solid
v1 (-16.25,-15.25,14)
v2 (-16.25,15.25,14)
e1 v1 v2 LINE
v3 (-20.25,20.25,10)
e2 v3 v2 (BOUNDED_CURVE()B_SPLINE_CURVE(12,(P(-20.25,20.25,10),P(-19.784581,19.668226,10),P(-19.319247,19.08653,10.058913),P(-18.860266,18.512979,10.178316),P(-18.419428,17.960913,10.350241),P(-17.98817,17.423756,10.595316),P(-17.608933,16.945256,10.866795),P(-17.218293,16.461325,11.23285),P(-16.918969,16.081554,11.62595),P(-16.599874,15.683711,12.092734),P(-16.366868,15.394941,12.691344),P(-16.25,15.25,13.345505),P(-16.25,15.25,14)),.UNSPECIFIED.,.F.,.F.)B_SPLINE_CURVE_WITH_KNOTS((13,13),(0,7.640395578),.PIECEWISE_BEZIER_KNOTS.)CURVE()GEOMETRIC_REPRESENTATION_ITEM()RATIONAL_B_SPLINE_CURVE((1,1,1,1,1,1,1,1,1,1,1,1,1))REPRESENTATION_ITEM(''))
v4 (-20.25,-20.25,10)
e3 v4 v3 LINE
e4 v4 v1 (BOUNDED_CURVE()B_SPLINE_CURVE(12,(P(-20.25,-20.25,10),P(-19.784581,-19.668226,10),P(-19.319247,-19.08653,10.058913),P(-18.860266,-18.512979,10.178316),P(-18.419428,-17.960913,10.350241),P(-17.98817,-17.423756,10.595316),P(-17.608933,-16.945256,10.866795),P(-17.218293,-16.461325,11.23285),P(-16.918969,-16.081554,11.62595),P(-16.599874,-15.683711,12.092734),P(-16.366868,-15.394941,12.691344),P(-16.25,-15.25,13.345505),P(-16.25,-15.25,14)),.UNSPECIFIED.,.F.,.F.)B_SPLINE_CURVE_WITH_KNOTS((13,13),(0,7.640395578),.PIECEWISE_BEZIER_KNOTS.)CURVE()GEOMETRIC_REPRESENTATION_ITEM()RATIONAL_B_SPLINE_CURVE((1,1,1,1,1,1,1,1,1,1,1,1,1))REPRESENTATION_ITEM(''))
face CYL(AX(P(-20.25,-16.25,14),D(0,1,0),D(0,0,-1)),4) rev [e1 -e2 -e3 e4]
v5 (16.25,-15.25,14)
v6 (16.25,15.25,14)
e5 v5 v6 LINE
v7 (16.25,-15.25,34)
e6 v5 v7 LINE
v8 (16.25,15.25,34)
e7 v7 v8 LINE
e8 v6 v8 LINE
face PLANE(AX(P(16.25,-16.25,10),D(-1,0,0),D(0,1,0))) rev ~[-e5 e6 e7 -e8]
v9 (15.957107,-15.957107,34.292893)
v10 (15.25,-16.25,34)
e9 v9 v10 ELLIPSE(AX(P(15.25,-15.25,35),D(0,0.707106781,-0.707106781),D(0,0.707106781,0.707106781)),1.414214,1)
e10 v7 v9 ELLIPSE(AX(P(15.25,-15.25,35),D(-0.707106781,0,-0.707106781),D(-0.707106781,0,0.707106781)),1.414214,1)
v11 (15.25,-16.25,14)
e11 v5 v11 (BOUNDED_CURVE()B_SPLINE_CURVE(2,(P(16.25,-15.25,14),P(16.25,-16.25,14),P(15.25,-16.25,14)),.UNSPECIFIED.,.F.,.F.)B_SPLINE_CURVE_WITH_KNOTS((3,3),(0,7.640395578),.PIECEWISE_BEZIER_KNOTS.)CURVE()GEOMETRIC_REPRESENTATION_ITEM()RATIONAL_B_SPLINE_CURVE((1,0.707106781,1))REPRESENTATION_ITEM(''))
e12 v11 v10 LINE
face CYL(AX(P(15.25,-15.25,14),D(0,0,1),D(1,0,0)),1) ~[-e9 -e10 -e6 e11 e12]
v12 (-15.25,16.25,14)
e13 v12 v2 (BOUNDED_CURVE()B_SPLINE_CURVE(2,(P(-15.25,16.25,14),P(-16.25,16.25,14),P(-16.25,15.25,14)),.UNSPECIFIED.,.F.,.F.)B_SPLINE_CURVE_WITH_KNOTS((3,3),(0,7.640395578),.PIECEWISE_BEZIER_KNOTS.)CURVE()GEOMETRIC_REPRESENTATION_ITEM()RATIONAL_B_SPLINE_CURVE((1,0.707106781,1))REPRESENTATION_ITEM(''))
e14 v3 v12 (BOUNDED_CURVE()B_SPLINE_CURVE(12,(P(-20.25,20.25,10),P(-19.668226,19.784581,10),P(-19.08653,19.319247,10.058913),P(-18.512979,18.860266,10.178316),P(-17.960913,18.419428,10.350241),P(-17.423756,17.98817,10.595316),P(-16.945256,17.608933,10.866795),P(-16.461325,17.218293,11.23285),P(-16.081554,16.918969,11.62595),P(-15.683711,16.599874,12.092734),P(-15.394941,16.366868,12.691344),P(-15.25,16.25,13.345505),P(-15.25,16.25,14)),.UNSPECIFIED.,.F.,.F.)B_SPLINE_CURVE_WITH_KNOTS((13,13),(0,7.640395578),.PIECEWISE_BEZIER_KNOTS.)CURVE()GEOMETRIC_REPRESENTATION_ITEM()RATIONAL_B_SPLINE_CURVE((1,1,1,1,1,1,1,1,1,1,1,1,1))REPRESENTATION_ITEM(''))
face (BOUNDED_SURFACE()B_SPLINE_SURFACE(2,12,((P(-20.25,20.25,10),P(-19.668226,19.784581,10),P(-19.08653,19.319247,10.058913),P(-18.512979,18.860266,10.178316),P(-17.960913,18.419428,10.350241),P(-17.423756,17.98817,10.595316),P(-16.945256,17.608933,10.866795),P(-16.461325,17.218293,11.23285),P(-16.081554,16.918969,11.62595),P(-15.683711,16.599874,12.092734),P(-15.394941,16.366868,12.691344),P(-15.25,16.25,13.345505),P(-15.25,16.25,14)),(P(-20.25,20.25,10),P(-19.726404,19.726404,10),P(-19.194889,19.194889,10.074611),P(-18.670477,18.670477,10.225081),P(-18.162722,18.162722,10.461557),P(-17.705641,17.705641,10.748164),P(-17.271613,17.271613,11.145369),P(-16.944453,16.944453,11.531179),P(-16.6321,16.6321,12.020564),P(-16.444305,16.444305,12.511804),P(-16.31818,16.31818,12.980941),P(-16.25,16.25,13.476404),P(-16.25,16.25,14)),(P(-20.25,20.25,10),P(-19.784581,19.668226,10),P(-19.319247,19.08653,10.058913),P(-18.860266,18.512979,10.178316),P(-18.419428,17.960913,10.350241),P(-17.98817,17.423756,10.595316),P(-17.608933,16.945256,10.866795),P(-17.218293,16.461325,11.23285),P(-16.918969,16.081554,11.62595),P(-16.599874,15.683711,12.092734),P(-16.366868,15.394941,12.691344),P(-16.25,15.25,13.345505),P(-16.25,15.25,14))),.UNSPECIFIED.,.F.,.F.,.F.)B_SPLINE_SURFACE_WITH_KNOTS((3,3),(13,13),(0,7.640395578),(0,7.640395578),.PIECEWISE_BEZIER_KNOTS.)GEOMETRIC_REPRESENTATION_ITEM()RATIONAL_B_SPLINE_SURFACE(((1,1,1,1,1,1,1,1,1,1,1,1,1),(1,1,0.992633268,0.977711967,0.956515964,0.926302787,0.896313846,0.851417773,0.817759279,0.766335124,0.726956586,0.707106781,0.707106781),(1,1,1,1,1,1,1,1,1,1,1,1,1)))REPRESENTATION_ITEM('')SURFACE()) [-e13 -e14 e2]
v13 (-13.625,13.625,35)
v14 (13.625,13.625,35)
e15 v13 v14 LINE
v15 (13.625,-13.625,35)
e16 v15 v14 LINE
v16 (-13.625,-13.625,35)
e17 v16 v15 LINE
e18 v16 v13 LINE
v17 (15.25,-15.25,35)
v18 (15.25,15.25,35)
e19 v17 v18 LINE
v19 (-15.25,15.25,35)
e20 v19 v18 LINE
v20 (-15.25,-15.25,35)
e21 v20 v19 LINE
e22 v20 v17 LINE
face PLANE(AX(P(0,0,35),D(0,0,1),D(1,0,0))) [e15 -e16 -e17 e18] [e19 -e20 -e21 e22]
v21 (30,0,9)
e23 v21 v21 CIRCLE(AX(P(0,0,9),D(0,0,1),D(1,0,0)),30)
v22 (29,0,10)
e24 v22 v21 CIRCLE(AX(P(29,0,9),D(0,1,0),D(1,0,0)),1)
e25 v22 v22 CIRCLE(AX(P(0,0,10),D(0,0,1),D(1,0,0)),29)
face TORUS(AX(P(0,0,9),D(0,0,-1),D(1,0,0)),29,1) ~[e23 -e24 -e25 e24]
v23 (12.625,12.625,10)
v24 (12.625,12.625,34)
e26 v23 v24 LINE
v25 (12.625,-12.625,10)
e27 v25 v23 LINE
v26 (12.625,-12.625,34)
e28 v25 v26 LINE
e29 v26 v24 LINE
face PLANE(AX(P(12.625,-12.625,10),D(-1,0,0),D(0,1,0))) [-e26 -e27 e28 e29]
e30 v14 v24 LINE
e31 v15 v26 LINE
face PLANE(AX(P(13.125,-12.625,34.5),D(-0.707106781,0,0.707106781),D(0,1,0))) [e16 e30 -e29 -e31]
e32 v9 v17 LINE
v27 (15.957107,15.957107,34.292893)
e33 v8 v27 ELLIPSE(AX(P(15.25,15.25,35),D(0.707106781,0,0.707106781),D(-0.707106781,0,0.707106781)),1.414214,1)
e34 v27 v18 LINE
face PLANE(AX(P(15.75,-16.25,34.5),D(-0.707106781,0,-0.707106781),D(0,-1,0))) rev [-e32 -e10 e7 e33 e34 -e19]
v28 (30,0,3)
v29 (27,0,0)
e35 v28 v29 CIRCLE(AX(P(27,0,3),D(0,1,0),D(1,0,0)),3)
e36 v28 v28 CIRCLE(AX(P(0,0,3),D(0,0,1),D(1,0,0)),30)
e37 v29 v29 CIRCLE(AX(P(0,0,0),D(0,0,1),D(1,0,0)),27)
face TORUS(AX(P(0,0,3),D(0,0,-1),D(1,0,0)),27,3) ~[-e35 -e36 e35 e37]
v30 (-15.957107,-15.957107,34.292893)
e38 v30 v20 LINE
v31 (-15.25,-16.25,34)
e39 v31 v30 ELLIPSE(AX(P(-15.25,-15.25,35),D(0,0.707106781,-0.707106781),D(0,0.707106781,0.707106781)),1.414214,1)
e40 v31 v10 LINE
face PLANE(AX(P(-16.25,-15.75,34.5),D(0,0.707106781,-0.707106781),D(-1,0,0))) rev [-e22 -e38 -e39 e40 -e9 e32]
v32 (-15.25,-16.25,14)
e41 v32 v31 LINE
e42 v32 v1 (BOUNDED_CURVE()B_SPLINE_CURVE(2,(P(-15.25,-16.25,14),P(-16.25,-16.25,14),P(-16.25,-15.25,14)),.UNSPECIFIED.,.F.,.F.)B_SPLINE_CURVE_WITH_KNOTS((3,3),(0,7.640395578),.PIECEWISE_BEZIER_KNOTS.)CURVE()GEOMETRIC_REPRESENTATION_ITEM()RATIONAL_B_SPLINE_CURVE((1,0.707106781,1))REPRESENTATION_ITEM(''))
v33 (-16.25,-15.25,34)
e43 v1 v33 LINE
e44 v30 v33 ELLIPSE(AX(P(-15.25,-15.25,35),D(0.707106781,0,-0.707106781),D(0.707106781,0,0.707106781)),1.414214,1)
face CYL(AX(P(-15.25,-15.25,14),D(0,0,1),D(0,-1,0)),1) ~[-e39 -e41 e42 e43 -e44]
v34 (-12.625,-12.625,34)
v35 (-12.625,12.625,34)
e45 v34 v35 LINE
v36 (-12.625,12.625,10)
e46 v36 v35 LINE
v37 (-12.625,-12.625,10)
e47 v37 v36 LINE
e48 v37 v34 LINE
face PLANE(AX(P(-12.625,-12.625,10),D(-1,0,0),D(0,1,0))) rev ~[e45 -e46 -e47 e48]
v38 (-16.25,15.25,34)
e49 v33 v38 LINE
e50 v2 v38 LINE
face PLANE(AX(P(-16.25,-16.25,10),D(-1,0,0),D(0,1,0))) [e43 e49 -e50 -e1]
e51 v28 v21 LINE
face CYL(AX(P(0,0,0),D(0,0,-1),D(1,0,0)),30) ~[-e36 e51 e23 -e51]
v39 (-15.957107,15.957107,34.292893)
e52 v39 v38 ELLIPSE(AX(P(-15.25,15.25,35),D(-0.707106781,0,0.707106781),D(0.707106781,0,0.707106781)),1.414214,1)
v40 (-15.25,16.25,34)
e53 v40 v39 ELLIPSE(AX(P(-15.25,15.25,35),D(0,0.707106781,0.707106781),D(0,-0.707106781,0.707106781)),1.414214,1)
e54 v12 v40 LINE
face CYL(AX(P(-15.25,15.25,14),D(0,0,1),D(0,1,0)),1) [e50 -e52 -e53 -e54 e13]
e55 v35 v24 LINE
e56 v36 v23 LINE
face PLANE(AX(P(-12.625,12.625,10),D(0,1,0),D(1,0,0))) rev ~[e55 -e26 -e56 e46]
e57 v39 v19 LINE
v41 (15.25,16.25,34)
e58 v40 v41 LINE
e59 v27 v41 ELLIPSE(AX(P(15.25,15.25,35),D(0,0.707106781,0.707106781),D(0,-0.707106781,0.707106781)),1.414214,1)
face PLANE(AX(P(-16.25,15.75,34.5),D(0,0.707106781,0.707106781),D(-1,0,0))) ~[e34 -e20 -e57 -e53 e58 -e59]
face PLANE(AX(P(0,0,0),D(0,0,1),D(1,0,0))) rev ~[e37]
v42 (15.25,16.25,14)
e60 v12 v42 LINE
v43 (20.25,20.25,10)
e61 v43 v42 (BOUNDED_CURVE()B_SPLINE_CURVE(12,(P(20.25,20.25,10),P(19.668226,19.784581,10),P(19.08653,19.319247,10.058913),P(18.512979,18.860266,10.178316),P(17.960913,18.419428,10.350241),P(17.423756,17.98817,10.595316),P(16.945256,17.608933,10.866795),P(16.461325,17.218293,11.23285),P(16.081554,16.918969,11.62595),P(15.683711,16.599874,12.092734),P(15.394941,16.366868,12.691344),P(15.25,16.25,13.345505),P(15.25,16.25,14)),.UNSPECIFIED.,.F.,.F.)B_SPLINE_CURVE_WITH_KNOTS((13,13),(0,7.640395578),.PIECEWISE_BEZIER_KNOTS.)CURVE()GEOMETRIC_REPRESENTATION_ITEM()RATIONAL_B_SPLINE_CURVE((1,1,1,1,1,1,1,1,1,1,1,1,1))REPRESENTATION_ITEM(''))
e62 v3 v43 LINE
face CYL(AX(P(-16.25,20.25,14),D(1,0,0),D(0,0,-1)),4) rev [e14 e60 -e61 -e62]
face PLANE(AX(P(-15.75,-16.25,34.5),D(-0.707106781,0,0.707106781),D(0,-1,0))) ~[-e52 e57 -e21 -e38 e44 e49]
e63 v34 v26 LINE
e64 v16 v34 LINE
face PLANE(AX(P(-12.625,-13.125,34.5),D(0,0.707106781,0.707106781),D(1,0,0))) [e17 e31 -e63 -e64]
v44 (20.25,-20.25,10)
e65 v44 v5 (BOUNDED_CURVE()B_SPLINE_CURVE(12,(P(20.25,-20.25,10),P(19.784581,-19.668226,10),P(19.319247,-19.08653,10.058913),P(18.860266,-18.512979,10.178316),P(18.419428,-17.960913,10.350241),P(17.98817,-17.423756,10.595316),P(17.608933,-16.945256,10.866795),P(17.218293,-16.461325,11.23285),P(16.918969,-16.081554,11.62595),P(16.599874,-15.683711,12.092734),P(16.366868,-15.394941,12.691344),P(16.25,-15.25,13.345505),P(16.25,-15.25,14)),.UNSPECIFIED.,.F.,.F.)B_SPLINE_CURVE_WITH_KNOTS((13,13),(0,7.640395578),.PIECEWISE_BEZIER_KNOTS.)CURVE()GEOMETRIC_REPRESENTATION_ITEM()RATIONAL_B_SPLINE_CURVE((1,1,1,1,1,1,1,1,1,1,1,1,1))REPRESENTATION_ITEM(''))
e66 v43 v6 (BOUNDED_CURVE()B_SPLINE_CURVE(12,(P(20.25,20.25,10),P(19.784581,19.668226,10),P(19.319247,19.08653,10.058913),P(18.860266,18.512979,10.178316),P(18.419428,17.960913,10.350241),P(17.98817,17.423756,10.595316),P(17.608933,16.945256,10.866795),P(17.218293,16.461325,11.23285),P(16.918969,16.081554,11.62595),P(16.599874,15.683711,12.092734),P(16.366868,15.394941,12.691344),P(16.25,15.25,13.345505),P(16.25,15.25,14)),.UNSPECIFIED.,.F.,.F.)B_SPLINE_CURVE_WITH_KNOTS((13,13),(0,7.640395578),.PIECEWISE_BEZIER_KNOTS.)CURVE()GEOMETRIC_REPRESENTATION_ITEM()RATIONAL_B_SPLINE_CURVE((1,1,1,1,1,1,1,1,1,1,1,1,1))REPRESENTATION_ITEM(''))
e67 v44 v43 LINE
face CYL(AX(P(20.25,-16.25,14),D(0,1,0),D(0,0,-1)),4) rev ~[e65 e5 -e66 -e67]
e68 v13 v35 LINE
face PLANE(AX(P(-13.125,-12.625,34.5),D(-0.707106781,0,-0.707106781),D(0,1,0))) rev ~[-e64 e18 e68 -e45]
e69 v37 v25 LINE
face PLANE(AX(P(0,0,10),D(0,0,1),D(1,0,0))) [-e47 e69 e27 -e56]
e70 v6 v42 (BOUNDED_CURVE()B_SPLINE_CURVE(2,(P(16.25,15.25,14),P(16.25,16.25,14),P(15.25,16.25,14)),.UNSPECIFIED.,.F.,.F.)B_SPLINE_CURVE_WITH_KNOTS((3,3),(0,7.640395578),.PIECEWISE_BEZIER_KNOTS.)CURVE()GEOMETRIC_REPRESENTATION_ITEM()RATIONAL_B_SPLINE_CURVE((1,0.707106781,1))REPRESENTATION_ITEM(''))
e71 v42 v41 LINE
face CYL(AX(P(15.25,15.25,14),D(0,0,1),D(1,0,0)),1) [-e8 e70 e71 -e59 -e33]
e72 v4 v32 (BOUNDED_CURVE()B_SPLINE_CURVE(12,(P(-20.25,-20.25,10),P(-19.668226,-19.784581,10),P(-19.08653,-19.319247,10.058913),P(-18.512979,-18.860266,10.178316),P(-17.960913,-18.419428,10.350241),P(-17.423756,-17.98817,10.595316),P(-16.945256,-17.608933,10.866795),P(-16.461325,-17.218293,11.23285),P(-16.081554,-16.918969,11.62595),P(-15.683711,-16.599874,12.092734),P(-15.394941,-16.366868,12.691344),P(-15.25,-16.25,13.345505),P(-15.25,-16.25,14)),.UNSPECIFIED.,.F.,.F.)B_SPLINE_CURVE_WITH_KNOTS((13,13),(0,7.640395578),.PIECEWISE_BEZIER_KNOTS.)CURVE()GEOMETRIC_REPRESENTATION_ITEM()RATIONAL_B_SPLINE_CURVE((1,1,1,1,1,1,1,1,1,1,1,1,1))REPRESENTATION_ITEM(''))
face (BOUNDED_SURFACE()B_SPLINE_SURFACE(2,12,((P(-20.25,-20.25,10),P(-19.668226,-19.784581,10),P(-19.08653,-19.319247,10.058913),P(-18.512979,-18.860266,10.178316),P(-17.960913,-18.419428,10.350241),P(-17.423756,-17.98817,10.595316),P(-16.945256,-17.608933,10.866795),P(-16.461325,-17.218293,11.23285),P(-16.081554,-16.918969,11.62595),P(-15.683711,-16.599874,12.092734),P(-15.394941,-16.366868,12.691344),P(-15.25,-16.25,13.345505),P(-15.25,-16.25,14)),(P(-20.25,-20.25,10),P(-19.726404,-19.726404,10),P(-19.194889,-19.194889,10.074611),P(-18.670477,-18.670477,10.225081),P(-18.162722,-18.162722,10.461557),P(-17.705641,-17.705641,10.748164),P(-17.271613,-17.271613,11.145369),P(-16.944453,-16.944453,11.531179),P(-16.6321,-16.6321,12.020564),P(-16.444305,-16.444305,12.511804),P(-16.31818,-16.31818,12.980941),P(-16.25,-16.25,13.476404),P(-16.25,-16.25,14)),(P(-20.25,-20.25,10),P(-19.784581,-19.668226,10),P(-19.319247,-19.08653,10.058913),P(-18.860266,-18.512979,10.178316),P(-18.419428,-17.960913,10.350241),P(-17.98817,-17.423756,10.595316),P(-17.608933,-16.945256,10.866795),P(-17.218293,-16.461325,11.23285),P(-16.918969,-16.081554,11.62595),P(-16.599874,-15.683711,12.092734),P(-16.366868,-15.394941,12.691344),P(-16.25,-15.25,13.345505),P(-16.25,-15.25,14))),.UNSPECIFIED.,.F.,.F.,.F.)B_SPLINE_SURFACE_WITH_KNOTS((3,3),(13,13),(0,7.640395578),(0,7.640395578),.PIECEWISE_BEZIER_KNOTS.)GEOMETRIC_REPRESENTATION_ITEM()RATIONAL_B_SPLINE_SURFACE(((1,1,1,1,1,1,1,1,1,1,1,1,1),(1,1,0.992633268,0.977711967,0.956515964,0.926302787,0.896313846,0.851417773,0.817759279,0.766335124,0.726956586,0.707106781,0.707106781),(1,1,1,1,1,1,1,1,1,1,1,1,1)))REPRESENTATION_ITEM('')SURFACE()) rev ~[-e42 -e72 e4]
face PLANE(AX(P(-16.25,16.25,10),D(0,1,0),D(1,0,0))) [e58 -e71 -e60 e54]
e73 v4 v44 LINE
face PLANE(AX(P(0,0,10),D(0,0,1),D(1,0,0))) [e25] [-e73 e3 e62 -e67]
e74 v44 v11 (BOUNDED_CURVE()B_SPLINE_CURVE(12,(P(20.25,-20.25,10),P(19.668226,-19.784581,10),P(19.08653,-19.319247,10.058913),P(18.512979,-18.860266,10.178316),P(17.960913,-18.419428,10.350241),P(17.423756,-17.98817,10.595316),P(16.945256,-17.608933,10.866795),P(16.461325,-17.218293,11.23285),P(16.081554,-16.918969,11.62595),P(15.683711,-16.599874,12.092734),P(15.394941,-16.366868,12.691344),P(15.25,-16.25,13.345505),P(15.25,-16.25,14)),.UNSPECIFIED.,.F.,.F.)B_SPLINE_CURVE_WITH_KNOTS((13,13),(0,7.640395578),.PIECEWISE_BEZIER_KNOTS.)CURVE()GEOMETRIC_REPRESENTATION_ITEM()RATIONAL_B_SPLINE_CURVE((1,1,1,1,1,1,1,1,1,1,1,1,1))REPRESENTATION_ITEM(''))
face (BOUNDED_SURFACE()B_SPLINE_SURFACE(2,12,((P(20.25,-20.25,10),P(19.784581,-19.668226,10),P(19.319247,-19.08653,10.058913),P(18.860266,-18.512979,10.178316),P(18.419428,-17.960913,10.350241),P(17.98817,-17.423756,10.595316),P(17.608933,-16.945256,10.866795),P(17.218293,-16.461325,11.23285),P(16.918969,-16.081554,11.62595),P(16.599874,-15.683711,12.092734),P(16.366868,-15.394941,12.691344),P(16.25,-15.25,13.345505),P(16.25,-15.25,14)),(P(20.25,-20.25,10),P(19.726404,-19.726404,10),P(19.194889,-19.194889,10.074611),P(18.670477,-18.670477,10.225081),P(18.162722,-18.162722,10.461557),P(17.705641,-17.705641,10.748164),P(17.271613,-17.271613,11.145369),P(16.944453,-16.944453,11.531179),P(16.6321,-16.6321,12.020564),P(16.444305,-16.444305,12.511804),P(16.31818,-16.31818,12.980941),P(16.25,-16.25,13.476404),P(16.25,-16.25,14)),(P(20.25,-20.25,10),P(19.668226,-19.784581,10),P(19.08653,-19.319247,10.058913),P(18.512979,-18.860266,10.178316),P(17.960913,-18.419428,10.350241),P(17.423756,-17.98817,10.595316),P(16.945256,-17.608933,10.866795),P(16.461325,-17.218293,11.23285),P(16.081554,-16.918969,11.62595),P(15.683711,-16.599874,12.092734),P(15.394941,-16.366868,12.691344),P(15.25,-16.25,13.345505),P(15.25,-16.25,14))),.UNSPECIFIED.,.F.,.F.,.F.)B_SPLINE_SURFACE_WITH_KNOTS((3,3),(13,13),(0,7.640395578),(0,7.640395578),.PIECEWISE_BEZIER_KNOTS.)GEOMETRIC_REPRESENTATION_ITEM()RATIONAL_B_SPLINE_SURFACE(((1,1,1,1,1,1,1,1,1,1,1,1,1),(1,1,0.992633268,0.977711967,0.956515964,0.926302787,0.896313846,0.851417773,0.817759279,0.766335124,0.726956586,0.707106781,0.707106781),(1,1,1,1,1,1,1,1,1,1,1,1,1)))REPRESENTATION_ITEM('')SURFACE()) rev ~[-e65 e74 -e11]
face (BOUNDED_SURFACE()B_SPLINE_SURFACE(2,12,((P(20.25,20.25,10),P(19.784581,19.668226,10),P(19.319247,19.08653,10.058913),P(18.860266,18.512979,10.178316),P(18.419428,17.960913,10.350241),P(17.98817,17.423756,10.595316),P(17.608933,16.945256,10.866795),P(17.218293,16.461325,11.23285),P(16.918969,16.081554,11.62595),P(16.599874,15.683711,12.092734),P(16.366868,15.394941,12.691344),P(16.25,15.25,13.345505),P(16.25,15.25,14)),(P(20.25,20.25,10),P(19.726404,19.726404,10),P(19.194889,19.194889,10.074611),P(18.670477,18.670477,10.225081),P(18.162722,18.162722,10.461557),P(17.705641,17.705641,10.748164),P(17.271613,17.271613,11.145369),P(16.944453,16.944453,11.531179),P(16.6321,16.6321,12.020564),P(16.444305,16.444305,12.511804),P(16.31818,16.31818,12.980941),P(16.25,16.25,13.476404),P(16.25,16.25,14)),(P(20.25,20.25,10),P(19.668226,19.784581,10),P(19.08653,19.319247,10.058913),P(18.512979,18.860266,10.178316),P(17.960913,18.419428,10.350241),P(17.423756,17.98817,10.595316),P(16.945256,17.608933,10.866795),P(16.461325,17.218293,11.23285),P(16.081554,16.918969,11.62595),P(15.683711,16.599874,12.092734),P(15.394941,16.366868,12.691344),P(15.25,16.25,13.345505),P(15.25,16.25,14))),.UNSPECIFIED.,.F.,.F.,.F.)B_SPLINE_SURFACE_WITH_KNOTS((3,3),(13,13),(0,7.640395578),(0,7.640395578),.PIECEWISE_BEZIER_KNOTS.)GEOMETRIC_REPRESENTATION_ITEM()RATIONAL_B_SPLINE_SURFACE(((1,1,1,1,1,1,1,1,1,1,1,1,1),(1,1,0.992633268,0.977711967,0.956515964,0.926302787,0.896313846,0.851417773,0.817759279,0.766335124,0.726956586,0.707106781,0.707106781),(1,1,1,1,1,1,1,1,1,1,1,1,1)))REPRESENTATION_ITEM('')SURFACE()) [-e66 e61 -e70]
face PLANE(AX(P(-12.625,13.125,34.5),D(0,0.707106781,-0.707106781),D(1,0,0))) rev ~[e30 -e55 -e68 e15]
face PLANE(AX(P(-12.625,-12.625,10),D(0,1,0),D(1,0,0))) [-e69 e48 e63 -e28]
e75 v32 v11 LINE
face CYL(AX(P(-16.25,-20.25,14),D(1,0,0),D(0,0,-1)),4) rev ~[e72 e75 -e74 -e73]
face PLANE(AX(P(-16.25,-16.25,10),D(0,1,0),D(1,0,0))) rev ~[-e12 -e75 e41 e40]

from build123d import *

# Parameters (mm, degrees)
SKETCH_R      = 30
PAD_DEPTH     = 10
SKETCH001_W   = 32.5
SKETCH001_H   = 32.5
SKETCH001_W_2 = 25.25
SKETCH001_H_2 = 25.25
PAD001_DEPTH  = 25
FILLET_R      = 4
FILLET001_R   = 1
FILLET002_R   = 3
CHAMFER_SIZE  = 1
FILLET003_R   = 1
FILLET004_R   = 1


with BuildPart() as part:
    # Sketch → Pad (new body)
    with BuildSketch(Plane.XY):
        Circle(SKETCH_R)
    extrude(amount=PAD_DEPTH)

    # Sketch001 (on Face3 of Pad) → Pad001 (join)
    with BuildSketch(Plane.XY.offset(10)):
        Rectangle(SKETCH001_W, SKETCH001_H)
        Rectangle(SKETCH001_W_2, SKETCH001_H_2, mode=Mode.SUBTRACT)
    extrude(amount=PAD001_DEPTH)

    # Fillet
    fillet_edges = [part.edges().sort_by_distance(p)[0] for p in [
        (16.25, 0, 10),
        (0, -16.25, 10),
        (-16.25, 0, 10),
        (0, 16.25, 10),
    ]]
    fillet(fillet_edges, radius=FILLET_R)

    # Fillet001
    fillet001_edges = [part.edges().sort_by_distance(p)[0] for p in [
        (-30, 0, 10),
    ]]
    fillet(fillet001_edges, radius=FILLET001_R)

    # Fillet002
    fillet002_edges = [part.edges().sort_by_distance(p)[0] for p in [
        (-30, 0, 0),
    ]]
    fillet(fillet002_edges, radius=FILLET002_R)

    # Chamfer
    chamfer_edges = [part.edges().sort_by_distance(p)[0] for p in [
        (-16.25, 0, 35),
        (0, -16.25, 35),
        (16.25, 0, 35),
        (0, 16.25, 35),
        (-12.625, 0, 35),
        (0, -12.625, 35),
        (12.625, 0, 35),
        (0, 12.625, 35),
    ]]
    chamfer(chamfer_edges, length=CHAMFER_SIZE)

    # Fillet003
    fillet003_edges = [part.edges().sort_by_distance(p)[0] for p in [
        (16.25, -16.25, 24),
        (-16.25, -16.25, 24),
        (-16.25, 16.25, 24),
    ]]
    fillet(fillet003_edges, radius=FILLET003_R)

    # Fillet004
    fillet004_edges = [part.edges().sort_by_distance(p)[0] for p in [
        (16.25, 16.25, 24),
    ]]
    fillet(fillet004_edges, radius=FILLET004_R)


solid = part.part
